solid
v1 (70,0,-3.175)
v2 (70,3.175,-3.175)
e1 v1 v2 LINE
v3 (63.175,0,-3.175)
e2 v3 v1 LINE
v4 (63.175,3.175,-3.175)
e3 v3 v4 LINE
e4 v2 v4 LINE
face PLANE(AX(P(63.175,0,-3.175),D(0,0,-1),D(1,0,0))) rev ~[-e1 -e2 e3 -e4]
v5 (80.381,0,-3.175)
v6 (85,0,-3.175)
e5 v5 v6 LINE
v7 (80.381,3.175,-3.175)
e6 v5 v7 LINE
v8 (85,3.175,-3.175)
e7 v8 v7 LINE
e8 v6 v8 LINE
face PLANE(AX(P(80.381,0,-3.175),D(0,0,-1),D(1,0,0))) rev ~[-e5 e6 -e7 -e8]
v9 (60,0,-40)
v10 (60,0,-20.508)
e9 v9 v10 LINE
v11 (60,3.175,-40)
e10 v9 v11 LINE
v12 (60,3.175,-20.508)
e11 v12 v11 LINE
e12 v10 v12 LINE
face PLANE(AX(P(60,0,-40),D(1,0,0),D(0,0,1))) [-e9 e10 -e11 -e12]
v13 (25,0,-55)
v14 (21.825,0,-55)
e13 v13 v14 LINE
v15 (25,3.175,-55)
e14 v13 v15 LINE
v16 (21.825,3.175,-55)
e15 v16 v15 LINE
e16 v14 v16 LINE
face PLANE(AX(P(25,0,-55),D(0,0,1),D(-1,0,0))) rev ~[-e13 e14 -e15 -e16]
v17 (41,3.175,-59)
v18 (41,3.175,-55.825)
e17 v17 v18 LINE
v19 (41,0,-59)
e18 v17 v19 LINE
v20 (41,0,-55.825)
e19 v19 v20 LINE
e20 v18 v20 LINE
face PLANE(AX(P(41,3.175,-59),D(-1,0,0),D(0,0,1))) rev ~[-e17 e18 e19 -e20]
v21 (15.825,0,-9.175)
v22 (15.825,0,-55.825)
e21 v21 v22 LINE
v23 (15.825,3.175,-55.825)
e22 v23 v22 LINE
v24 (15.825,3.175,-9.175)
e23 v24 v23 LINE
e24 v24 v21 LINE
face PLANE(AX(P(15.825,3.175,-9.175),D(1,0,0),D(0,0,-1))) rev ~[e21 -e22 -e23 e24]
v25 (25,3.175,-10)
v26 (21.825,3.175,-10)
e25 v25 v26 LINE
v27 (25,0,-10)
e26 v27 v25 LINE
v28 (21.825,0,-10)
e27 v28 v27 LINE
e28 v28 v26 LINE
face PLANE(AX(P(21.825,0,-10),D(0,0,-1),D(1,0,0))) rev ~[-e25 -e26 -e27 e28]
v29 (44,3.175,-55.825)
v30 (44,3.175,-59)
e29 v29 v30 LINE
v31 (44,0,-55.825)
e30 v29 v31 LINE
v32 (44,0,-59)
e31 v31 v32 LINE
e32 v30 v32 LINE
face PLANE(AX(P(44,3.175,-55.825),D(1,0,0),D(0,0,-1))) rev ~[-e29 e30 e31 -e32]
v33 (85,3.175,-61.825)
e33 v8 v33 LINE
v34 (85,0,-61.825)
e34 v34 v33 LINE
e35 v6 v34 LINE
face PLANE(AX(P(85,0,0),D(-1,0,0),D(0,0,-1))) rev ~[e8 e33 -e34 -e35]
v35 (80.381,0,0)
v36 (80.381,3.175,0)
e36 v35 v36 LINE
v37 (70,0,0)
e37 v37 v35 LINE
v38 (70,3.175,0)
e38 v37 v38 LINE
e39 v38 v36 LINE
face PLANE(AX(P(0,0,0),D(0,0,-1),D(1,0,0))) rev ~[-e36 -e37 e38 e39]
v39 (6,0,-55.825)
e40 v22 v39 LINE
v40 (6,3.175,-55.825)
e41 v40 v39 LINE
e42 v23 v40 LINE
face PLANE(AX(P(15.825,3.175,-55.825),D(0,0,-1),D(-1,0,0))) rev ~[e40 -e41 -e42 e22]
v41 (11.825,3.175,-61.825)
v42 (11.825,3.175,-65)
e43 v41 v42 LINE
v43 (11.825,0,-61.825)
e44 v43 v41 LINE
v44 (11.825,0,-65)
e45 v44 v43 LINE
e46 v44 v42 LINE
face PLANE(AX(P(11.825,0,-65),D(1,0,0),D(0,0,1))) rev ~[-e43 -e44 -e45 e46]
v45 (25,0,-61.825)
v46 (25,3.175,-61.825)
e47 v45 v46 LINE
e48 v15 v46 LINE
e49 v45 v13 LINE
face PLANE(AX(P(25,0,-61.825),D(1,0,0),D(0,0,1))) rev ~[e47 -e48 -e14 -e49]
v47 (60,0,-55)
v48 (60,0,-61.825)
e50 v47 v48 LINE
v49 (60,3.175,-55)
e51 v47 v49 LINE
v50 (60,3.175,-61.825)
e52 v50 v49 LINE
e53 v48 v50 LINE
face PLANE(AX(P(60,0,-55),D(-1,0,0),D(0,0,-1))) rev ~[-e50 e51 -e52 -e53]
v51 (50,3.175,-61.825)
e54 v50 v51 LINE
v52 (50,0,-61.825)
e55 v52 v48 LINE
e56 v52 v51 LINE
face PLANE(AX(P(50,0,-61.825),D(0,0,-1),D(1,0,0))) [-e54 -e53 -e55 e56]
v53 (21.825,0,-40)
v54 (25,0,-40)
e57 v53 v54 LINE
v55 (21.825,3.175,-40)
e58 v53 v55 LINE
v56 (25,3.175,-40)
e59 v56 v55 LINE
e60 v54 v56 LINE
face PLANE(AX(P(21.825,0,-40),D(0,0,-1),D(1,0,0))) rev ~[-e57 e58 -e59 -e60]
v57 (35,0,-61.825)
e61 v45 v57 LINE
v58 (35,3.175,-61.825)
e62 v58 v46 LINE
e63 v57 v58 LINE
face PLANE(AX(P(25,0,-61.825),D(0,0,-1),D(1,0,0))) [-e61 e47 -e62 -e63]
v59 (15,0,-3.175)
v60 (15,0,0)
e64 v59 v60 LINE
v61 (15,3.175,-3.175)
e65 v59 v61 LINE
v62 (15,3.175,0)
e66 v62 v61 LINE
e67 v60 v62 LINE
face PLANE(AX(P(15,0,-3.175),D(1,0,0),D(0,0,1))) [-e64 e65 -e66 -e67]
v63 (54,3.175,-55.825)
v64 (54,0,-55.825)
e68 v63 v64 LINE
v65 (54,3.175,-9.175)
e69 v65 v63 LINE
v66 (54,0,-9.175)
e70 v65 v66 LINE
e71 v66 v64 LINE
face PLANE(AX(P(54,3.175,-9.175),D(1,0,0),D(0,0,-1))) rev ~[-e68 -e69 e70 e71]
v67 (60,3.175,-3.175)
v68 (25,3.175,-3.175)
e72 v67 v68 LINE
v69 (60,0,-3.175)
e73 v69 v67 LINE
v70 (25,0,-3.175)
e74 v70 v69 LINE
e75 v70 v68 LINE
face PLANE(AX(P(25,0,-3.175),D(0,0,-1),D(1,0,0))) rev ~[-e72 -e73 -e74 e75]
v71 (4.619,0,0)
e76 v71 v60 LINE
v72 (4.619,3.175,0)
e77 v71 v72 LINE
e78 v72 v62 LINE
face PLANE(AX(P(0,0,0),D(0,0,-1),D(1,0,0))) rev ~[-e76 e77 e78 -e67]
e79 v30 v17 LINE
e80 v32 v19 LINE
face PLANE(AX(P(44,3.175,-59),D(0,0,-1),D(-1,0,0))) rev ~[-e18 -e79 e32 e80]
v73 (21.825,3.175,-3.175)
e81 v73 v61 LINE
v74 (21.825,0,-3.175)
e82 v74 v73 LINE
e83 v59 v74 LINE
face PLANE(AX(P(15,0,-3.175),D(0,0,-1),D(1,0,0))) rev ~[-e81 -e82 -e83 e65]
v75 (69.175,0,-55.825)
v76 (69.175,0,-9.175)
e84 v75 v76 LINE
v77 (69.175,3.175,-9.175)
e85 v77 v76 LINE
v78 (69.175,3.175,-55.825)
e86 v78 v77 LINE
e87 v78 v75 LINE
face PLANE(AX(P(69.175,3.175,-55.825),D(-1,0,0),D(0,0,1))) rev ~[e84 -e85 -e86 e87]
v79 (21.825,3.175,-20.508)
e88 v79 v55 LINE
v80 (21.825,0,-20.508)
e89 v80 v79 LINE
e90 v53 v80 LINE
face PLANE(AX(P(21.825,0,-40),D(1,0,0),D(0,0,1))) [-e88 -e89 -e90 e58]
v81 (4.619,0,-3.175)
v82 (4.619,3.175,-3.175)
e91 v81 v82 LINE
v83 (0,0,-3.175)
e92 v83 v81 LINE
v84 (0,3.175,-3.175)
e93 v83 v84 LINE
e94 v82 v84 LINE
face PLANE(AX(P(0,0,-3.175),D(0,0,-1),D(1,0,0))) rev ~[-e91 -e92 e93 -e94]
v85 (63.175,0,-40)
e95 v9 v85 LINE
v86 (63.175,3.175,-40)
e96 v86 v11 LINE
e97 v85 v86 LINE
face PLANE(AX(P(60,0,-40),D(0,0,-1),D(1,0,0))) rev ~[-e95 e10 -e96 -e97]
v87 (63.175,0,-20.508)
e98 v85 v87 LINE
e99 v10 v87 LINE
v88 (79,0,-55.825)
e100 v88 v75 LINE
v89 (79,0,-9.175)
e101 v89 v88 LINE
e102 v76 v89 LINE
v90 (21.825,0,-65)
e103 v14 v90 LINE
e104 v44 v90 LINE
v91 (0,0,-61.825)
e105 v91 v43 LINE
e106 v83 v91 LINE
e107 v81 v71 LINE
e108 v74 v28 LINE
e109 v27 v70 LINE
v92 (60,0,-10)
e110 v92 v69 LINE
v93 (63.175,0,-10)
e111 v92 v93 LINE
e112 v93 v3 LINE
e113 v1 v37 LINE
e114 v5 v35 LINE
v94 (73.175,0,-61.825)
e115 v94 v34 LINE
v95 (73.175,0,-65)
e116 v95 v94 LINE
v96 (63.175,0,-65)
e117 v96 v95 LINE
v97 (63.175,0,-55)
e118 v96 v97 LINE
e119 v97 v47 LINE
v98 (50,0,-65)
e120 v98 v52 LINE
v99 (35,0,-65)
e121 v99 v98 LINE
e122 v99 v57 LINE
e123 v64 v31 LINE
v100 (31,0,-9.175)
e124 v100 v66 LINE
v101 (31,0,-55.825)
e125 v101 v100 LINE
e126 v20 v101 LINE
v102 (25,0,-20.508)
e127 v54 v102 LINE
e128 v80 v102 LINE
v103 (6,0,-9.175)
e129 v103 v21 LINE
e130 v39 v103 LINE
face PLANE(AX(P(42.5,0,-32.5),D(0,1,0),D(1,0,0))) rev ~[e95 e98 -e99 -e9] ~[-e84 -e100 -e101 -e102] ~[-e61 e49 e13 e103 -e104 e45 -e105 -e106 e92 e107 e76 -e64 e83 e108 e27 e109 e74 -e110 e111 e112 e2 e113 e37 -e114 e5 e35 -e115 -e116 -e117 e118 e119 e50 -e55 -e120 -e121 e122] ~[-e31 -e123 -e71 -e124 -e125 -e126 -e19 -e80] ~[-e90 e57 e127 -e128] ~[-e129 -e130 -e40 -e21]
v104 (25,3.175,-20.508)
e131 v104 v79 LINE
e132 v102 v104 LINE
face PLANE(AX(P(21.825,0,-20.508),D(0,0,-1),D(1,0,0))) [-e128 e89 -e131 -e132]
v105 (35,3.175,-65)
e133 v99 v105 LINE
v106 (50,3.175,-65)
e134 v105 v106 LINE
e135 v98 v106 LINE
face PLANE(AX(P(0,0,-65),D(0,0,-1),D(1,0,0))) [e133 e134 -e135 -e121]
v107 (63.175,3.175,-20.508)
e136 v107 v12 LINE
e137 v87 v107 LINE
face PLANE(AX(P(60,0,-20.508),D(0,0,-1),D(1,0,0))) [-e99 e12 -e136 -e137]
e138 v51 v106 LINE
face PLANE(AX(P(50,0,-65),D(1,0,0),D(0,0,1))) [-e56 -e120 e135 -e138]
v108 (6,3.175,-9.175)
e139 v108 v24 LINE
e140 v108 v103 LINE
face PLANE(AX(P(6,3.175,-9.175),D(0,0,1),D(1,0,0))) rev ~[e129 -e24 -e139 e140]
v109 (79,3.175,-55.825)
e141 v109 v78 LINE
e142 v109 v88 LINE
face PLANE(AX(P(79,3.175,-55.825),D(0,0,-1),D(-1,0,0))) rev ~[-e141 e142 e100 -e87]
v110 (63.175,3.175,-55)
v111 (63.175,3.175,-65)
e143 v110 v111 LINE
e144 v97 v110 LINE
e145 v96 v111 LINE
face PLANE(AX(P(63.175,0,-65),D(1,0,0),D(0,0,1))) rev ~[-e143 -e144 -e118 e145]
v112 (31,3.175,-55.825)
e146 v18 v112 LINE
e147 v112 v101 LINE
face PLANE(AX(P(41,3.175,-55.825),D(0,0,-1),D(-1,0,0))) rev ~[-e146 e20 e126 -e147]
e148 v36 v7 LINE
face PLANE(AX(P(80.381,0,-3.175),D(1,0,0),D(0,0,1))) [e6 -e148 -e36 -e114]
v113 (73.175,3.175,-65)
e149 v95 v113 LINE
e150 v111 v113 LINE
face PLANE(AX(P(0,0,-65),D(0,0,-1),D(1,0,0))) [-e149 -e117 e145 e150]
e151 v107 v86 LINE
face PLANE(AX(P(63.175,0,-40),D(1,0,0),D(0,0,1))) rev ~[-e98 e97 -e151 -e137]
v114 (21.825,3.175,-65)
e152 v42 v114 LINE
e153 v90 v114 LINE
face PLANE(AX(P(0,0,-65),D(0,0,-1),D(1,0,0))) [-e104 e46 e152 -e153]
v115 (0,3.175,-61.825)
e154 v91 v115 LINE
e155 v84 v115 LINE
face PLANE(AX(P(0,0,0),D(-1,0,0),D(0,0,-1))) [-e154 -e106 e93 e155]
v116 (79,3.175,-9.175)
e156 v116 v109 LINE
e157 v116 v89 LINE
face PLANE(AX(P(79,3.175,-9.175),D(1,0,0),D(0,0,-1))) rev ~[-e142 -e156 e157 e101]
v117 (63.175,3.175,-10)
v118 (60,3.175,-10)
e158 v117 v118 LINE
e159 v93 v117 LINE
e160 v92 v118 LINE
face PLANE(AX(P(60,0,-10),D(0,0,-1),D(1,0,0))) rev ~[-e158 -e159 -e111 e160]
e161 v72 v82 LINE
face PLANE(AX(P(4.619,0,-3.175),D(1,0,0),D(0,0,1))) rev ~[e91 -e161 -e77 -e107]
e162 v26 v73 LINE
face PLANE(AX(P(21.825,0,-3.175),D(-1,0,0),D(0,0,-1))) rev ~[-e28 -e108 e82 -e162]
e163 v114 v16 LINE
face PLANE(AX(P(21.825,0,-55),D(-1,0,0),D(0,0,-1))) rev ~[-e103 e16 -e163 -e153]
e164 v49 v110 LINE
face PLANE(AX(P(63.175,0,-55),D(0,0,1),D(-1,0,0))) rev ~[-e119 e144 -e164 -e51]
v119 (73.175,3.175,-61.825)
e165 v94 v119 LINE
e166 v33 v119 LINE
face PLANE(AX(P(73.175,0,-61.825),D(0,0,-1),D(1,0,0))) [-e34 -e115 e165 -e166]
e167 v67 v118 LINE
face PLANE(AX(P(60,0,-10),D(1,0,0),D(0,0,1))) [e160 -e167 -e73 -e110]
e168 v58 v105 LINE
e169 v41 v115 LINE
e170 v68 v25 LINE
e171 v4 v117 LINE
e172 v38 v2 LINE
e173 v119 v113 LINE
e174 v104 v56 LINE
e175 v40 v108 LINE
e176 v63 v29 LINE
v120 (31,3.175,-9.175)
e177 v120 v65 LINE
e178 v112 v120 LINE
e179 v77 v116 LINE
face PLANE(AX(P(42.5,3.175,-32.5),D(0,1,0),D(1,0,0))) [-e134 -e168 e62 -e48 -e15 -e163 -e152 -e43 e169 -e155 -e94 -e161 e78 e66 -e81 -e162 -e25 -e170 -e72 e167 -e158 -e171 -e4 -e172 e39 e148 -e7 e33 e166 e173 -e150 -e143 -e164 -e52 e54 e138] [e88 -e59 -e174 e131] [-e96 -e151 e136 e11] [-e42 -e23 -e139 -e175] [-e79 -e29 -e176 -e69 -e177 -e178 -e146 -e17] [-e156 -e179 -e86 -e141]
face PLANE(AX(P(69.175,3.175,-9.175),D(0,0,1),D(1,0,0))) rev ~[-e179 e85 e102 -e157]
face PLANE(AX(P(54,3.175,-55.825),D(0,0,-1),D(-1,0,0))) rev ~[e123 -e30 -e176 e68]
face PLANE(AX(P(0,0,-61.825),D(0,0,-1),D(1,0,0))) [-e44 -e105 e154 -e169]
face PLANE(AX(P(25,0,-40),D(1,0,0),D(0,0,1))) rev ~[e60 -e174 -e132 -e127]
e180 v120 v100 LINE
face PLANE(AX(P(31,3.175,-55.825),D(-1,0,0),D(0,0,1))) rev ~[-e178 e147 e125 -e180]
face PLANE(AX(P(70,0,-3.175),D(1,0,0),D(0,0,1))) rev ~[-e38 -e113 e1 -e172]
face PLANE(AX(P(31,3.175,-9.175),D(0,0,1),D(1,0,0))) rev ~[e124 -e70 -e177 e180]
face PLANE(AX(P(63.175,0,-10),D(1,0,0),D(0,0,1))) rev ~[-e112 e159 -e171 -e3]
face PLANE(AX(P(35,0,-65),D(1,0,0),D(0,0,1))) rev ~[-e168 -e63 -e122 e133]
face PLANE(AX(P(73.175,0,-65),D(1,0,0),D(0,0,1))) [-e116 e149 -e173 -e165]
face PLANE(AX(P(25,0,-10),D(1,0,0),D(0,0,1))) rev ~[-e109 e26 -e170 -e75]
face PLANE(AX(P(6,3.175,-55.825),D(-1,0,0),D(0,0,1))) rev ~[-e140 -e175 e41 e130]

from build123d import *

# Parameters (mm, degrees)
SKETCH1_W           = 85
SKETCH1_H           = 65
BOSS_EXTRUDE1_DEPTH = 3.175
SKETCH2_W           = 3.175
SKETCH2_H           = 6.825
SKETCH2_H_2         = 3.175
SKETCH2_W_2         = 6.825
SKETCH2_W_3         = 4.619
SKETCH2_W_4         = 35
SKETCH2_H_3         = 19.492
SKETCH2_W_5         = 11.825
SKETCH2_W_6         = 10
CUT_EXTRUDE1_DEPTH  = 4.175
CUT_EXTRUDE2_DEPTH  = 4.175


with BuildPart() as part:
    # Sketch1 → Boss-Extrude1 (new body)
    with BuildSketch(Plane(origin=(0, 0, 0), x_dir=(1, 0, 0), z_dir=(0, 1, 0))):
        with Locations((42.5, 32.5)):
            Rectangle(SKETCH1_W, SKETCH1_H)
    extrude(amount=BOSS_EXTRUDE1_DEPTH)

    # Sketch2 → Cut-Extrude1 (cut, through all)
    with BuildSketch(Plane.XZ):
        with Locations((23.4125, -6.5875)):
            Rectangle(SKETCH2_W, SKETCH2_H)
        with Locations((23.4125, -1.5875)):
            Rectangle(SKETCH2_W, SKETCH2_H_2)
        with Locations((18.4125, -1.5875)):
            Rectangle(SKETCH2_W_2, SKETCH2_H_2)
        with Locations((2.3095, -1.5875)):
            Rectangle(SKETCH2_W_3, SKETCH2_H_2)
        with Locations((66.5875, -1.5875)):
            Rectangle(SKETCH2_W_2, SKETCH2_H_2)
        with Locations((61.5875, -1.5875)):
            Rectangle(SKETCH2_W, SKETCH2_H_2)
        with Locations((82.6905, -1.5875)):
            Rectangle(SKETCH2_W_3, SKETCH2_H_2)
        with Locations((42.5, -1.5875)):
            Rectangle(SKETCH2_W_4, SKETCH2_H_2)
        with Locations((61.5875, -6.5875)):
            Rectangle(SKETCH2_W, SKETCH2_H)
        with Locations((61.5875, -30.254)):
            Rectangle(SKETCH2_W, SKETCH2_H_3)
        with Locations((23.4125, -30.254)):
            Rectangle(SKETCH2_W, SKETCH2_H_3)
        Polygon((21.825, -65), (25, -65), (25, -61.825), (25, -55), (21.825, -55), align=None)
        Polygon((60, -65), (63.175, -65), (63.175, -55), (60, -55), (60, -61.825), align=None)
        with Locations((79.0875, -63.4125)):
            Rectangle(SKETCH2_W_5, SKETCH2_H_2)
        with Locations((55, -63.4125)):
            Rectangle(SKETCH2_W_6, SKETCH2_H_2)
        with Locations((30, -63.4125)):
            Rectangle(SKETCH2_W_6, SKETCH2_H_2)
        with Locations((5.9125, -63.4125)):
            Rectangle(SKETCH2_W_5, SKETCH2_H_2)
    extrude(amount=-CUT_EXTRUDE1_DEPTH, mode=Mode.SUBTRACT)

    # Sketch3 → Cut-Extrude2 (cut, through all)
    with BuildSketch(Plane(origin=(0, 3.175, 0), x_dir=(1, 0, 0), z_dir=(0, 1, 0))):
        Polygon((69.175, 49), (69.175, 16), (69.175, 9.175), (79, 9.175), (79, 55.825), (69.175, 55.825), align=None)
        Polygon((31, 55.825), (31, 9.175), (54, 9.175), (54, 55.825), (44, 55.825), (44, 59), (41, 59), (41, 55.825), align=None)
        Polygon((15.825, 49), (15.825, 55.825), (6, 55.825), (6, 9.175), (15.825, 9.175), (15.825, 16), align=None)
    extrude(amount=-CUT_EXTRUDE2_DEPTH, mode=Mode.SUBTRACT)


solid = part.part
